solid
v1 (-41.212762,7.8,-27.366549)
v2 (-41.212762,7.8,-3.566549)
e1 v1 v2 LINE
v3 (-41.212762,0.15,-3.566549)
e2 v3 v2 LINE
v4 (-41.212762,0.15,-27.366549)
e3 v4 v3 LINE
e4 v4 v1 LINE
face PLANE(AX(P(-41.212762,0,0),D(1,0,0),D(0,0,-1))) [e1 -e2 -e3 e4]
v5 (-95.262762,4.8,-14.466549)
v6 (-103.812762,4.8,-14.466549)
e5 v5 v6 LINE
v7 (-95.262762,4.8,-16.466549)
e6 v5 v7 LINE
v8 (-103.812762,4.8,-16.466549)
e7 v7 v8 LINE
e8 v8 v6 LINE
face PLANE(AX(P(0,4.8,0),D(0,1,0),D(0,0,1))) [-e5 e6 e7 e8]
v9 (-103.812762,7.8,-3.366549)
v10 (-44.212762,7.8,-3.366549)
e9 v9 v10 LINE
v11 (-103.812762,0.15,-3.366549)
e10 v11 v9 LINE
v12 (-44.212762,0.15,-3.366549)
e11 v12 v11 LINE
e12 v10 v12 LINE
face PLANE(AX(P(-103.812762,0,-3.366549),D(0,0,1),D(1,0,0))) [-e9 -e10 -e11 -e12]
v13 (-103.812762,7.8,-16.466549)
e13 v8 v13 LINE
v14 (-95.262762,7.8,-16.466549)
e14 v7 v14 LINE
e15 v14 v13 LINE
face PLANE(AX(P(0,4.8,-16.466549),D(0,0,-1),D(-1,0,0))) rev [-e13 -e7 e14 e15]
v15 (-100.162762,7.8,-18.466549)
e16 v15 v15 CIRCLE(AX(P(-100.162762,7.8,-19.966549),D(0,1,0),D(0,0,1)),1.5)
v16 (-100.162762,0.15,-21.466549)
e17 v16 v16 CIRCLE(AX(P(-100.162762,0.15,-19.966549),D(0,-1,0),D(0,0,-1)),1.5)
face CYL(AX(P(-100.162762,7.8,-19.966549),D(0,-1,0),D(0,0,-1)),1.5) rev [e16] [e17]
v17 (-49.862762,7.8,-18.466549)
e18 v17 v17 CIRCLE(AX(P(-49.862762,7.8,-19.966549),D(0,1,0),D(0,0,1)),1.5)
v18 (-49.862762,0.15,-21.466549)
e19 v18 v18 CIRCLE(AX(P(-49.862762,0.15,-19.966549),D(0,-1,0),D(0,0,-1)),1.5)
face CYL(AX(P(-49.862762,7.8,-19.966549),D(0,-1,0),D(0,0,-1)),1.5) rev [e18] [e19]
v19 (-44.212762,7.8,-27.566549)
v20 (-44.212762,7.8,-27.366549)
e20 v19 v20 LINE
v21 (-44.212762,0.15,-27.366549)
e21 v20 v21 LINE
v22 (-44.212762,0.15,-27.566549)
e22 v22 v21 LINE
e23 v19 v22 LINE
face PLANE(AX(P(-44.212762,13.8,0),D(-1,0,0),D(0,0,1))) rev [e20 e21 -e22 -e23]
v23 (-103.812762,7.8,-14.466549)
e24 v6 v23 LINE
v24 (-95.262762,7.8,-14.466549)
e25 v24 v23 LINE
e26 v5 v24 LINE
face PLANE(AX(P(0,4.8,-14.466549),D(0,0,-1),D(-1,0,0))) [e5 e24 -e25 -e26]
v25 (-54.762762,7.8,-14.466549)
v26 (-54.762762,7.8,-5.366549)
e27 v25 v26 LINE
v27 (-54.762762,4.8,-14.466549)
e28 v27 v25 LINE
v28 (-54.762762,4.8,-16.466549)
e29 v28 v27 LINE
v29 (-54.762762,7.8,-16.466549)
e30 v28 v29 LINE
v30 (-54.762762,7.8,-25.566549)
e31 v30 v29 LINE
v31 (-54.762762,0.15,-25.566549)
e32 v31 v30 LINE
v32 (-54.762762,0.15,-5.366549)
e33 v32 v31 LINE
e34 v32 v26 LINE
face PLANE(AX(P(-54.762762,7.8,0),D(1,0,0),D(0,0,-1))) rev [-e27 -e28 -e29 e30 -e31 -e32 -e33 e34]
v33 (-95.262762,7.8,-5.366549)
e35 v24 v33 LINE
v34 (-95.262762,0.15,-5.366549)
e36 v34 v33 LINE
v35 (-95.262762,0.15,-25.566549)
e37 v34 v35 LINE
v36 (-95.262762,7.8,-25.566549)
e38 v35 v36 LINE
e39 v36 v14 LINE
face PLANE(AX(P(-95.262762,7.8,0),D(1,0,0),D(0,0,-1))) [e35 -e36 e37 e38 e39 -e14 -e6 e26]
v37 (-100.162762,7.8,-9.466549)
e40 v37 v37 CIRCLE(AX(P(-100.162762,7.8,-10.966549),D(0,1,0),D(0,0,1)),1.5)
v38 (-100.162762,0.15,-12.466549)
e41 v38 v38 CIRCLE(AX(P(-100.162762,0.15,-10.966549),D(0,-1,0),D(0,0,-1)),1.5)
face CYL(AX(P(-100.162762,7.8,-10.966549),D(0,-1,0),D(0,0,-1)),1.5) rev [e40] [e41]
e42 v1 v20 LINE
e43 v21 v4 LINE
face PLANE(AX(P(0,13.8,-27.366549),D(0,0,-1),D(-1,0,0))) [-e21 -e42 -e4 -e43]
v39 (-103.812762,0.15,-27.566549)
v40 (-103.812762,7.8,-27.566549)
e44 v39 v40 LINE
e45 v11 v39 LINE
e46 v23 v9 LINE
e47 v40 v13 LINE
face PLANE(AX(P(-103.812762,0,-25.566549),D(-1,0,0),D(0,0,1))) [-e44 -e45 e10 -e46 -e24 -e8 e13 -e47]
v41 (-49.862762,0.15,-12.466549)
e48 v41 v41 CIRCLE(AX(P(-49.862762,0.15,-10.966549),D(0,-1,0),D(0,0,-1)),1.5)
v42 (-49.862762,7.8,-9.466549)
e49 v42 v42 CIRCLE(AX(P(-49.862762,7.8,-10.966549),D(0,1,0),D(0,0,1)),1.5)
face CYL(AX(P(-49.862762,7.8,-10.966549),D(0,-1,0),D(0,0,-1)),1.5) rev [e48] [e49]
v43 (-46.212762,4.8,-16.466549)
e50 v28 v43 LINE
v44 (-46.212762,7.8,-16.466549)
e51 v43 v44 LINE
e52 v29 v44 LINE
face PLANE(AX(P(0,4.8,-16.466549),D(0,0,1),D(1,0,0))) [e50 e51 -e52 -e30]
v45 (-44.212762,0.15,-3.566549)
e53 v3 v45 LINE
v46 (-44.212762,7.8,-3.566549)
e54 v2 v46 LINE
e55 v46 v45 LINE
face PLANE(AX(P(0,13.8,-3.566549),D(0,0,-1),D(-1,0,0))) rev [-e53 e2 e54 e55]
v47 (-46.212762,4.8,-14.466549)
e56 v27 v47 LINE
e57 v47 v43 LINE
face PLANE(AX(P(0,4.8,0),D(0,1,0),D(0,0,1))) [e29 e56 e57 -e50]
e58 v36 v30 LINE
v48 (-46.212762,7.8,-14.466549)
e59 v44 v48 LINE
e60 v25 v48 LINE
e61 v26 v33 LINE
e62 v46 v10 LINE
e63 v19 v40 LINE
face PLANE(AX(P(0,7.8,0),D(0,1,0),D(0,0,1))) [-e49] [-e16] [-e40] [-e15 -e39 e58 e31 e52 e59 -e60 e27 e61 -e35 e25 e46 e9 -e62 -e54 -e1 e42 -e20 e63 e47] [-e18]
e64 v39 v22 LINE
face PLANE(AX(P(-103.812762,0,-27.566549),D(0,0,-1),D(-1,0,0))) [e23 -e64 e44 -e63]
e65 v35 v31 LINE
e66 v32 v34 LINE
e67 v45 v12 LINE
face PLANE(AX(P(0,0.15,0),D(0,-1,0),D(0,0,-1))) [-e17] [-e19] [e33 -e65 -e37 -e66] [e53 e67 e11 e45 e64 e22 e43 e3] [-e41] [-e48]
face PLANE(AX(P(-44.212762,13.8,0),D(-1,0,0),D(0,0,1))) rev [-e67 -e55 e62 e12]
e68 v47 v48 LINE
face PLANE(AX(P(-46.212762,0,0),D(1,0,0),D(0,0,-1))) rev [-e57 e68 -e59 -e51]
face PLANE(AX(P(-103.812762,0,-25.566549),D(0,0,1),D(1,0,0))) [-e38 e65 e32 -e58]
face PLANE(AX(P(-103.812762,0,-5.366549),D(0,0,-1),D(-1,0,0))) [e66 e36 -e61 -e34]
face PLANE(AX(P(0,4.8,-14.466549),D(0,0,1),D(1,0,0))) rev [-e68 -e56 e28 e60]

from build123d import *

# Parameters (mm, degrees)
SKETCH1_R             = 1.5
BOSS_EXTRUDE1_DEPTH   = 7.8
BOSS_EXTRUDE1_2_DEPTH = 7.8
SKETCH2_W             = 2
SKETCH2_H             = 20
BOSS_EXTRUDE2_DEPTH   = 7.8
SKETCH3_W             = 8.55
SKETCH3_H             = 0.1
BOSS_EXTRUDE3_DEPTH   = 7.8
SKETCH4_W             = 57.6
SKETCH4_H             = 2
BOSS_EXTRUDE4_DEPTH   = 7.8
SKETCH5_W             = 8.55
SKETCH5_H             = 2
CUT_EXTRUDE1_DEPTH    = 3
SKETCH6_R             = 1.5
BOSS_EXTRUDE5_DEPTH   = 7.8
SKETCH7_R             = 1.5
CUT_EXTRUDE2_DEPTH    = 4
SKETCH8_W             = 24.2
SKETCH8_H             = 7.8
BOSS_EXTRUDE6_DEPTH   = 5
SKETCH10_R            = 1.5
CUT_EXTRUDE3_DEPTH    = 110.980951326
SKETCH14_W            = 3
SKETCH14_H            = 0.2
CUT_EXTRUDE5_DEPTH    = 13.8
CUT_EXTRUDE6_DEPTH    = 0.15


with BuildPart() as part:
    # Sketch1 → Boss-Extrude1 (new body)
    with BuildSketch(Plane(origin=(0, 0, 0), x_dir=(1, 0, 0), z_dir=(0, 1, 0))):
        Polygon((-54.762761852, 25.466548835), (-54.762761852, 5.466548835), (-48.212761852, 5.466548835), (-48.212761852, 12.451776091), (-48.212761852, 18.48132158), (-48.212761852, 25.466548835), align=None)
        with Locations(Location((-49.862761852, 10.966548835, 0), (0, 0, 270))):
            Circle(SKETCH1_R, mode=Mode.SUBTRACT)
        with Locations(Location((-49.862761852, 19.966548835, 0), (0, 0, 270))):
            Circle(SKETCH1_R, mode=Mode.SUBTRACT)
    extrude(amount=BOSS_EXTRUDE1_DEPTH)



with BuildPart() as body_2:
    # Sketch1 → Boss-Extrude1 2 (new body)
    with BuildSketch(Plane(origin=(0, 0, 0), x_dir=(1, 0, 0), z_dir=(0, 1, 0))):
        Polygon((-101.812761852, 18.48132158), (-101.812761852, 12.451776091), (-101.812761852, 5.466548835), (-101.212761852, 5.466548835), (-95.262761852, 5.466548835), (-95.262761852, 25.466548835), (-101.812761852, 25.466548835), (-101.812761852, 24.866548835), (-101.812761852, 21.451776091), align=None)
        with Locations(Location((-100.162761852, 10.966548835, 0), (0, 0, 270))):
            Circle(SKETCH1_R, mode=Mode.SUBTRACT)
        with Locations(Location((-100.162761852, 19.966548835, 0), (0, 0, 270))):
            Circle(SKETCH1_R, mode=Mode.SUBTRACT)
    extrude(amount=BOSS_EXTRUDE1_2_DEPTH)


with BuildPart() as part_1:
    add(part.part)

    add(body_2.part)  # Boss-Extrude2 merges body 2
    # Sketch2 → Boss-Extrude2 (add)
    with BuildSketch(Plane(origin=(0, 7.8, 0), x_dir=(1, 0, 0), z_dir=(0, 1, 0))):
        with Locations((-47.212761852, 15.466548835)):
            Rectangle(SKETCH2_W, SKETCH2_H)
        with Locations((-102.812761852, 15.466548835)):
            Rectangle(SKETCH2_W, SKETCH2_H)
    extrude(amount=-BOSS_EXTRUDE2_DEPTH)

    # Sketch3 → Boss-Extrude3 (add)
    with BuildSketch(Plane(origin=(0, 7.8, 0), x_dir=(1, 0, 0), z_dir=(0, 1, 0))):
        with Locations((-99.537761852, 5.416548835)):
            Rectangle(SKETCH3_W, SKETCH3_H)
        with Locations((-99.537761852, 25.516548835)):
            Rectangle(SKETCH3_W, SKETCH3_H)
        with Locations((-50.487761852, 25.516548835)):
            Rectangle(SKETCH3_W, SKETCH3_H)
        with Locations((-50.487761852, 5.416548835)):
            Rectangle(SKETCH3_W, SKETCH3_H)
    extrude(amount=-BOSS_EXTRUDE3_DEPTH)

    # Sketch4 → Boss-Extrude4 (add)
    with BuildSketch(Plane(origin=(0, 7.8, 0), x_dir=(1, 0, 0), z_dir=(0, 1, 0))):
        with Locations((-75.012761852, 26.566548835)):
            Rectangle(SKETCH4_W, SKETCH4_H)
        with Locations((-75.012761852, 4.366548835)):
            Rectangle(SKETCH4_W, SKETCH4_H)
    extrude(amount=-BOSS_EXTRUDE4_DEPTH)

    # Sketch5 → Cut-Extrude1 (cut)
    with BuildSketch(Plane(origin=(0, 7.8, 0), x_dir=(1, 0, 0), z_dir=(0, 1, 0))):
        with Locations((-99.537761852, 15.466548835)):
            Rectangle(SKETCH5_W, SKETCH5_H)
        with Locations((-50.487761852, 15.466548835)):
            Rectangle(SKETCH5_W, SKETCH5_H)
    extrude(amount=-CUT_EXTRUDE1_DEPTH, mode=Mode.SUBTRACT)

    # Sketch6 → Boss-Extrude5 (add)
    # profile 1 of 10: a face of its own
    with BuildSketch(Plane(origin=(0, 7.8, 0), x_dir=(1, 0, 0), z_dir=(0, 1, 0))):
        with BuildLine():
            Line((-97.660965944, 3.366548835), (-97.660965944, -0.033392238))
            ThreePointArc((-97.660965944, -0.033392238), (-97.254605431, 1.835328112), (-96.108914501, 3.366548835))
            Line((-96.108914501, 3.366548835), (-97.660965944, 3.366548835))
        make_face()
    # profile 2 of 10: a face of its own
    with BuildSketch(Plane(origin=(0, 7.8, 0), x_dir=(1, 0, 0), z_dir=(0, 1, 0))):
        with BuildLine():
            ThreePointArc((-96.108914501, 3.366548835), (-97.254605431, 1.835328112), (-97.660965944, -0.033392238))
            ThreePointArc((-97.660965944, -0.033392238), (-96.342946459, -3.215372753), (-93.160965944, -4.533392238))
            ThreePointArc((-93.160965944, -4.533392238), (-89.978985428, -3.215372753), (-88.660965944, -0.033392238))
            ThreePointArc((-88.660965944, -0.033392238), (-89.067326456, 1.835328112), (-90.213017386, 3.366548835))
            Line((-90.213017386, 3.366548835), (-96.108914501, 3.366548835))
        make_face()
        with Locations(Location((-93.160965944, -0.033392238, 0), (0, 0, 270))):
            Circle(SKETCH6_R, mode=Mode.SUBTRACT)
    # profile 3 of 10: a face of its own
    with BuildSketch(Plane(origin=(0, 7.8, 0), x_dir=(1, 0, 0), z_dir=(0, 1, 0))):
        with BuildLine():
            ThreePointArc((-88.660965944, -0.033392238), (-89.978985428, -3.215372753), (-93.160965944, -4.533392238))
            Line((-93.160965944, -4.533392238), (-77.160965417, -4.533392238))
            ThreePointArc((-77.160965417, -4.533392238), (-81.376990489, -1.606647648), (-80.108913974, 3.366548835))
            Line((-80.108913974, 3.366548835), (-90.213017386, 3.366548835))
            ThreePointArc((-90.213017386, 3.366548835), (-89.067326456, 1.835328112), (-88.660965944, -0.033392238))
        make_face()
    # profile 4 of 10: a face of its own
    with BuildSketch(Plane(origin=(0, 7.8, 0), x_dir=(1, 0, 0), z_dir=(0, 1, 0))):
        with BuildLine():
            ThreePointArc((-80.108913974, 3.366548835), (-81.376990489, -1.606647648), (-77.160965417, -4.533392238))
            ThreePointArc((-77.160965417, -4.533392238), (-73.978984901, -3.215372753), (-72.660965417, -0.033392238))
            ThreePointArc((-72.660965417, -0.033392238), (-73.067325929, 1.835328112), (-74.213016859, 3.366548835))
            Line((-74.213016859, 3.366548835), (-80.108913974, 3.366548835))
        make_face()
        with Locations(Location((-77.160965417, -0.033392238, 0), (0, 0, 270))):
            Circle(SKETCH6_R, mode=Mode.SUBTRACT)
    # profile 5 of 10: a face of its own
    with BuildSketch(Plane(origin=(0, 7.8, 0), x_dir=(1, 0, 0), z_dir=(0, 1, 0))):
        with BuildLine():
            ThreePointArc((-74.213016859, 3.366548835), (-73.067325929, 1.835328112), (-72.660965417, -0.033392238))
            Line((-72.660965417, -0.033392238), (-72.660965417, 3.366548835))
            Line((-72.660965417, 3.366548835), (-74.213016859, 3.366548835))
        make_face()
    # profile 6 of 10: a face of its own
    with BuildSketch(Plane(origin=(0, 7.8, 0), x_dir=(1, 0, 0), z_dir=(0, 1, 0))):
        with BuildLine():
            ThreePointArc((-72.660965417, 30.966605859), (-73.978984901, 34.148586374), (-77.160965417, 35.466605859))
            ThreePointArc((-77.160965417, 35.466605859), (-81.377021429, 32.539778353), (-80.108780241, 27.566548835))
            Line((-80.108780241, 27.566548835), (-74.213150592, 27.566548835))
            ThreePointArc((-74.213150592, 27.566548835), (-73.067362681, 29.097805001), (-72.660965417, 30.966605859))
        make_face()
        with Locations(Location((-77.160965417, 30.966605859, 0), (0, 0, 270))):
            Circle(SKETCH6_R, mode=Mode.SUBTRACT)
    # profile 7 of 10: a face of its own
    with BuildSketch(Plane(origin=(0, 7.8, 0), x_dir=(1, 0, 0), z_dir=(0, 1, 0))):
        with BuildLine():
            Line((-74.213150592, 27.566548835), (-72.660965417, 27.566548835))
            Line((-72.660965417, 27.566548835), (-72.660965417, 30.966605859))
            ThreePointArc((-72.660965417, 30.966605859), (-73.067362681, 29.097805001), (-74.213150592, 27.566548835))
        make_face()
    # profile 8 of 10: a face of its own
    with BuildSketch(Plane(origin=(0, 7.8, 0), x_dir=(1, 0, 0), z_dir=(0, 1, 0))):
        with BuildLine():
            Line((-77.160965417, 35.466605859), (-93.160965944, 35.466605859))
            ThreePointArc((-93.160965944, 35.466605859), (-89.978985428, 34.148586374), (-88.660965944, 30.966605859))
            ThreePointArc((-88.660965944, 30.966605859), (-89.067363208, 29.097805001), (-90.213151119, 27.566548835))
            Line((-90.213151119, 27.566548835), (-80.108780241, 27.566548835))
            ThreePointArc((-80.108780241, 27.566548835), (-81.377021429, 32.539778353), (-77.160965417, 35.466605859))
        make_face()
    # profile 9 of 10: a face of its own
    with BuildSketch(Plane(origin=(0, 7.8, 0), x_dir=(1, 0, 0), z_dir=(0, 1, 0))):
        with BuildLine():
            ThreePointArc((-93.160965944, 35.466605859), (-96.342946459, 34.148586374), (-97.660965944, 30.966605859))
            ThreePointArc((-97.660965944, 30.966605859), (-97.254568679, 29.097805001), (-96.108780768, 27.566548835))
            Line((-96.108780768, 27.566548835), (-90.213151119, 27.566548835))
            ThreePointArc((-90.213151119, 27.566548835), (-89.067363208, 29.097805001), (-88.660965944, 30.966605859))
            ThreePointArc((-88.660965944, 30.966605859), (-89.978985428, 34.148586374), (-93.160965944, 35.466605859))
        make_face()
        with Locations(Location((-93.160965944, 30.966605859, 0), (0, 0, 270))):
            Circle(SKETCH6_R, mode=Mode.SUBTRACT)
    # profile 10 of 10: a face of its own
    with BuildSketch(Plane(origin=(0, 7.8, 0), x_dir=(1, 0, 0), z_dir=(0, 1, 0))):
        with BuildLine():
            Line((-97.660965944, 30.966605859), (-97.660965944, 27.566548835))
            Line((-97.660965944, 27.566548835), (-96.108780768, 27.566548835))
            ThreePointArc((-96.108780768, 27.566548835), (-97.254568679, 29.097805001), (-97.660965944, 30.966605859))
        make_face()
    extrude(amount=-BOSS_EXTRUDE5_DEPTH)

    # Sketch7 → Cut-Extrude2 (cut)
    # profile 1 of 2: a face of its own
    with BuildSketch(Plane(origin=(0, 7.8, 0), x_dir=(1, 0, 0), z_dir=(0, 1, 0))):
        with BuildLine():
            Line((-97.660965944, 3.366548835), (-72.660965417, 3.366548835))
            Line((-72.660965417, 3.366548835), (-72.660965417, -0.033392238))
            ThreePointArc((-72.660965417, -0.033392238), (-73.978984901, -3.215372753), (-77.160965417, -4.533392238))
            Line((-77.160965417, -4.533392238), (-93.160965944, -4.533392238))
            ThreePointArc((-93.160965944, -4.533392238), (-96.342946459, -3.215372753), (-97.660965944, -0.033392238))
            Line((-97.660965944, -0.033392238), (-97.660965944, 3.366548835))
        make_face()
        with Locations(Location((-77.160965417, -0.033392238, 0), (0, 0, 270))):
            Circle(SKETCH7_R, mode=Mode.SUBTRACT)
        with Locations(Location((-93.160965944, -0.033392238, 0), (0, 0, 270))):
            Circle(SKETCH7_R, mode=Mode.SUBTRACT)
    # profile 2 of 2: a face of its own
    with BuildSketch(Plane(origin=(0, 7.8, 0), x_dir=(1, 0, 0), z_dir=(0, 1, 0))):
        with BuildLine():
            Line((-77.160965417, 35.466605859), (-93.160965944, 35.466605859))
            ThreePointArc((-93.160965944, 35.466605859), (-96.342946459, 34.148586374), (-97.660965944, 30.966605859))
            Line((-97.660965944, 30.966605859), (-97.660965944, 27.566548835))
            Line((-97.660965944, 27.566548835), (-72.660965417, 27.566548835))
            Line((-72.660965417, 27.566548835), (-72.660965417, 30.966605859))
            ThreePointArc((-72.660965417, 30.966605859), (-73.978984901, 34.148586374), (-77.160965417, 35.466605859))
        make_face()
    extrude(amount=-CUT_EXTRUDE2_DEPTH, mode=Mode.SUBTRACT)

    # Sketch8 → Boss-Extrude6 (add)
    with BuildSketch(Plane(origin=(-46.212761852, 0, 0), x_dir=(0, 0, -1), z_dir=(1, 0, 0))):
        with Locations((15.466548835, 3.9)):
            Rectangle(SKETCH8_W, SKETCH8_H)
    extrude(amount=BOSS_EXTRUDE6_DEPTH)

    # Sketch10 → Cut-Extrude3 (cut, through all)
    # profile 1 of 2: a face of its own
    with BuildSketch(Plane.XZ):
        with BuildLine():
            Line((-97.660965944, 0.033392238), (-97.660965944, -3.366548835))
            Line((-97.660965944, -3.366548835), (-72.660965417, -3.366548835))
            Line((-72.660965417, -3.366548835), (-72.660965417, 0.033392238))
            ThreePointArc((-72.660965417, 0.033392238), (-73.978984901, 3.215372753), (-77.160965417, 4.533392238))
            Line((-77.160965417, 4.533392238), (-93.160965944, 4.533392238))
            ThreePointArc((-93.160965944, 4.533392238), (-96.342946459, 3.215372753), (-97.660965944, 0.033392238))
        make_face()
        with Locations((-93.160965944, 0.033392238)):
            Circle(SKETCH10_R, mode=Mode.SUBTRACT)
        with Locations((-77.160965417, 0.033392238)):
            Circle(SKETCH10_R, mode=Mode.SUBTRACT)
    # profile 2 of 2: a face of its own
    with BuildSketch(Plane.XZ):
        with BuildLine():
            Line((-72.660965417, -27.566548835), (-97.660965944, -27.566548835))
            Line((-97.660965944, -27.566548835), (-97.660965944, -30.966605859))
            ThreePointArc((-97.660965944, -30.966605859), (-96.342946459, -34.148586374), (-93.160965944, -35.466605859))
            Line((-93.160965944, -35.466605859), (-77.160965417, -35.466605859))
            ThreePointArc((-77.160965417, -35.466605859), (-73.978984901, -34.148586374), (-72.660965417, -30.966605859))
            Line((-72.660965417, -30.966605859), (-72.660965417, -27.566548835))
        make_face()
        with Locations((-93.160965944, -30.966605859)):
            Circle(SKETCH10_R, mode=Mode.SUBTRACT)
        with Locations((-77.160965417, -30.966605859)):
            Circle(SKETCH10_R, mode=Mode.SUBTRACT)
    extrude(amount=-CUT_EXTRUDE3_DEPTH, mode=Mode.SUBTRACT)

    # Sketch14 → Cut-Extrude5 (cut)
    with BuildSketch(Plane.XZ):
        with Locations((-42.712761852, -3.466548835)):
            Rectangle(SKETCH14_W, SKETCH14_H)
        with Locations((-42.712761852, -27.466548835)):
            Rectangle(SKETCH14_W, SKETCH14_H)
    extrude(amount=-CUT_EXTRUDE5_DEPTH, mode=Mode.SUBTRACT)

    # Sketch15 → Cut-Extrude6 (cut)
    with BuildSketch(Plane.XZ):
        Polygon((-41.212761852, -3.566548835), (-44.212761852, -3.566548835), (-44.212761852, -3.366548835), (-103.812761852, -3.366548835), (-103.812761852, -27.566548835), (-44.212761852, -27.566548835), (-44.212761852, -27.366548835), (-41.212761852, -27.366548835), align=None)
    extrude(amount=-CUT_EXTRUDE6_DEPTH, mode=Mode.SUBTRACT)


solid = part_1.part
